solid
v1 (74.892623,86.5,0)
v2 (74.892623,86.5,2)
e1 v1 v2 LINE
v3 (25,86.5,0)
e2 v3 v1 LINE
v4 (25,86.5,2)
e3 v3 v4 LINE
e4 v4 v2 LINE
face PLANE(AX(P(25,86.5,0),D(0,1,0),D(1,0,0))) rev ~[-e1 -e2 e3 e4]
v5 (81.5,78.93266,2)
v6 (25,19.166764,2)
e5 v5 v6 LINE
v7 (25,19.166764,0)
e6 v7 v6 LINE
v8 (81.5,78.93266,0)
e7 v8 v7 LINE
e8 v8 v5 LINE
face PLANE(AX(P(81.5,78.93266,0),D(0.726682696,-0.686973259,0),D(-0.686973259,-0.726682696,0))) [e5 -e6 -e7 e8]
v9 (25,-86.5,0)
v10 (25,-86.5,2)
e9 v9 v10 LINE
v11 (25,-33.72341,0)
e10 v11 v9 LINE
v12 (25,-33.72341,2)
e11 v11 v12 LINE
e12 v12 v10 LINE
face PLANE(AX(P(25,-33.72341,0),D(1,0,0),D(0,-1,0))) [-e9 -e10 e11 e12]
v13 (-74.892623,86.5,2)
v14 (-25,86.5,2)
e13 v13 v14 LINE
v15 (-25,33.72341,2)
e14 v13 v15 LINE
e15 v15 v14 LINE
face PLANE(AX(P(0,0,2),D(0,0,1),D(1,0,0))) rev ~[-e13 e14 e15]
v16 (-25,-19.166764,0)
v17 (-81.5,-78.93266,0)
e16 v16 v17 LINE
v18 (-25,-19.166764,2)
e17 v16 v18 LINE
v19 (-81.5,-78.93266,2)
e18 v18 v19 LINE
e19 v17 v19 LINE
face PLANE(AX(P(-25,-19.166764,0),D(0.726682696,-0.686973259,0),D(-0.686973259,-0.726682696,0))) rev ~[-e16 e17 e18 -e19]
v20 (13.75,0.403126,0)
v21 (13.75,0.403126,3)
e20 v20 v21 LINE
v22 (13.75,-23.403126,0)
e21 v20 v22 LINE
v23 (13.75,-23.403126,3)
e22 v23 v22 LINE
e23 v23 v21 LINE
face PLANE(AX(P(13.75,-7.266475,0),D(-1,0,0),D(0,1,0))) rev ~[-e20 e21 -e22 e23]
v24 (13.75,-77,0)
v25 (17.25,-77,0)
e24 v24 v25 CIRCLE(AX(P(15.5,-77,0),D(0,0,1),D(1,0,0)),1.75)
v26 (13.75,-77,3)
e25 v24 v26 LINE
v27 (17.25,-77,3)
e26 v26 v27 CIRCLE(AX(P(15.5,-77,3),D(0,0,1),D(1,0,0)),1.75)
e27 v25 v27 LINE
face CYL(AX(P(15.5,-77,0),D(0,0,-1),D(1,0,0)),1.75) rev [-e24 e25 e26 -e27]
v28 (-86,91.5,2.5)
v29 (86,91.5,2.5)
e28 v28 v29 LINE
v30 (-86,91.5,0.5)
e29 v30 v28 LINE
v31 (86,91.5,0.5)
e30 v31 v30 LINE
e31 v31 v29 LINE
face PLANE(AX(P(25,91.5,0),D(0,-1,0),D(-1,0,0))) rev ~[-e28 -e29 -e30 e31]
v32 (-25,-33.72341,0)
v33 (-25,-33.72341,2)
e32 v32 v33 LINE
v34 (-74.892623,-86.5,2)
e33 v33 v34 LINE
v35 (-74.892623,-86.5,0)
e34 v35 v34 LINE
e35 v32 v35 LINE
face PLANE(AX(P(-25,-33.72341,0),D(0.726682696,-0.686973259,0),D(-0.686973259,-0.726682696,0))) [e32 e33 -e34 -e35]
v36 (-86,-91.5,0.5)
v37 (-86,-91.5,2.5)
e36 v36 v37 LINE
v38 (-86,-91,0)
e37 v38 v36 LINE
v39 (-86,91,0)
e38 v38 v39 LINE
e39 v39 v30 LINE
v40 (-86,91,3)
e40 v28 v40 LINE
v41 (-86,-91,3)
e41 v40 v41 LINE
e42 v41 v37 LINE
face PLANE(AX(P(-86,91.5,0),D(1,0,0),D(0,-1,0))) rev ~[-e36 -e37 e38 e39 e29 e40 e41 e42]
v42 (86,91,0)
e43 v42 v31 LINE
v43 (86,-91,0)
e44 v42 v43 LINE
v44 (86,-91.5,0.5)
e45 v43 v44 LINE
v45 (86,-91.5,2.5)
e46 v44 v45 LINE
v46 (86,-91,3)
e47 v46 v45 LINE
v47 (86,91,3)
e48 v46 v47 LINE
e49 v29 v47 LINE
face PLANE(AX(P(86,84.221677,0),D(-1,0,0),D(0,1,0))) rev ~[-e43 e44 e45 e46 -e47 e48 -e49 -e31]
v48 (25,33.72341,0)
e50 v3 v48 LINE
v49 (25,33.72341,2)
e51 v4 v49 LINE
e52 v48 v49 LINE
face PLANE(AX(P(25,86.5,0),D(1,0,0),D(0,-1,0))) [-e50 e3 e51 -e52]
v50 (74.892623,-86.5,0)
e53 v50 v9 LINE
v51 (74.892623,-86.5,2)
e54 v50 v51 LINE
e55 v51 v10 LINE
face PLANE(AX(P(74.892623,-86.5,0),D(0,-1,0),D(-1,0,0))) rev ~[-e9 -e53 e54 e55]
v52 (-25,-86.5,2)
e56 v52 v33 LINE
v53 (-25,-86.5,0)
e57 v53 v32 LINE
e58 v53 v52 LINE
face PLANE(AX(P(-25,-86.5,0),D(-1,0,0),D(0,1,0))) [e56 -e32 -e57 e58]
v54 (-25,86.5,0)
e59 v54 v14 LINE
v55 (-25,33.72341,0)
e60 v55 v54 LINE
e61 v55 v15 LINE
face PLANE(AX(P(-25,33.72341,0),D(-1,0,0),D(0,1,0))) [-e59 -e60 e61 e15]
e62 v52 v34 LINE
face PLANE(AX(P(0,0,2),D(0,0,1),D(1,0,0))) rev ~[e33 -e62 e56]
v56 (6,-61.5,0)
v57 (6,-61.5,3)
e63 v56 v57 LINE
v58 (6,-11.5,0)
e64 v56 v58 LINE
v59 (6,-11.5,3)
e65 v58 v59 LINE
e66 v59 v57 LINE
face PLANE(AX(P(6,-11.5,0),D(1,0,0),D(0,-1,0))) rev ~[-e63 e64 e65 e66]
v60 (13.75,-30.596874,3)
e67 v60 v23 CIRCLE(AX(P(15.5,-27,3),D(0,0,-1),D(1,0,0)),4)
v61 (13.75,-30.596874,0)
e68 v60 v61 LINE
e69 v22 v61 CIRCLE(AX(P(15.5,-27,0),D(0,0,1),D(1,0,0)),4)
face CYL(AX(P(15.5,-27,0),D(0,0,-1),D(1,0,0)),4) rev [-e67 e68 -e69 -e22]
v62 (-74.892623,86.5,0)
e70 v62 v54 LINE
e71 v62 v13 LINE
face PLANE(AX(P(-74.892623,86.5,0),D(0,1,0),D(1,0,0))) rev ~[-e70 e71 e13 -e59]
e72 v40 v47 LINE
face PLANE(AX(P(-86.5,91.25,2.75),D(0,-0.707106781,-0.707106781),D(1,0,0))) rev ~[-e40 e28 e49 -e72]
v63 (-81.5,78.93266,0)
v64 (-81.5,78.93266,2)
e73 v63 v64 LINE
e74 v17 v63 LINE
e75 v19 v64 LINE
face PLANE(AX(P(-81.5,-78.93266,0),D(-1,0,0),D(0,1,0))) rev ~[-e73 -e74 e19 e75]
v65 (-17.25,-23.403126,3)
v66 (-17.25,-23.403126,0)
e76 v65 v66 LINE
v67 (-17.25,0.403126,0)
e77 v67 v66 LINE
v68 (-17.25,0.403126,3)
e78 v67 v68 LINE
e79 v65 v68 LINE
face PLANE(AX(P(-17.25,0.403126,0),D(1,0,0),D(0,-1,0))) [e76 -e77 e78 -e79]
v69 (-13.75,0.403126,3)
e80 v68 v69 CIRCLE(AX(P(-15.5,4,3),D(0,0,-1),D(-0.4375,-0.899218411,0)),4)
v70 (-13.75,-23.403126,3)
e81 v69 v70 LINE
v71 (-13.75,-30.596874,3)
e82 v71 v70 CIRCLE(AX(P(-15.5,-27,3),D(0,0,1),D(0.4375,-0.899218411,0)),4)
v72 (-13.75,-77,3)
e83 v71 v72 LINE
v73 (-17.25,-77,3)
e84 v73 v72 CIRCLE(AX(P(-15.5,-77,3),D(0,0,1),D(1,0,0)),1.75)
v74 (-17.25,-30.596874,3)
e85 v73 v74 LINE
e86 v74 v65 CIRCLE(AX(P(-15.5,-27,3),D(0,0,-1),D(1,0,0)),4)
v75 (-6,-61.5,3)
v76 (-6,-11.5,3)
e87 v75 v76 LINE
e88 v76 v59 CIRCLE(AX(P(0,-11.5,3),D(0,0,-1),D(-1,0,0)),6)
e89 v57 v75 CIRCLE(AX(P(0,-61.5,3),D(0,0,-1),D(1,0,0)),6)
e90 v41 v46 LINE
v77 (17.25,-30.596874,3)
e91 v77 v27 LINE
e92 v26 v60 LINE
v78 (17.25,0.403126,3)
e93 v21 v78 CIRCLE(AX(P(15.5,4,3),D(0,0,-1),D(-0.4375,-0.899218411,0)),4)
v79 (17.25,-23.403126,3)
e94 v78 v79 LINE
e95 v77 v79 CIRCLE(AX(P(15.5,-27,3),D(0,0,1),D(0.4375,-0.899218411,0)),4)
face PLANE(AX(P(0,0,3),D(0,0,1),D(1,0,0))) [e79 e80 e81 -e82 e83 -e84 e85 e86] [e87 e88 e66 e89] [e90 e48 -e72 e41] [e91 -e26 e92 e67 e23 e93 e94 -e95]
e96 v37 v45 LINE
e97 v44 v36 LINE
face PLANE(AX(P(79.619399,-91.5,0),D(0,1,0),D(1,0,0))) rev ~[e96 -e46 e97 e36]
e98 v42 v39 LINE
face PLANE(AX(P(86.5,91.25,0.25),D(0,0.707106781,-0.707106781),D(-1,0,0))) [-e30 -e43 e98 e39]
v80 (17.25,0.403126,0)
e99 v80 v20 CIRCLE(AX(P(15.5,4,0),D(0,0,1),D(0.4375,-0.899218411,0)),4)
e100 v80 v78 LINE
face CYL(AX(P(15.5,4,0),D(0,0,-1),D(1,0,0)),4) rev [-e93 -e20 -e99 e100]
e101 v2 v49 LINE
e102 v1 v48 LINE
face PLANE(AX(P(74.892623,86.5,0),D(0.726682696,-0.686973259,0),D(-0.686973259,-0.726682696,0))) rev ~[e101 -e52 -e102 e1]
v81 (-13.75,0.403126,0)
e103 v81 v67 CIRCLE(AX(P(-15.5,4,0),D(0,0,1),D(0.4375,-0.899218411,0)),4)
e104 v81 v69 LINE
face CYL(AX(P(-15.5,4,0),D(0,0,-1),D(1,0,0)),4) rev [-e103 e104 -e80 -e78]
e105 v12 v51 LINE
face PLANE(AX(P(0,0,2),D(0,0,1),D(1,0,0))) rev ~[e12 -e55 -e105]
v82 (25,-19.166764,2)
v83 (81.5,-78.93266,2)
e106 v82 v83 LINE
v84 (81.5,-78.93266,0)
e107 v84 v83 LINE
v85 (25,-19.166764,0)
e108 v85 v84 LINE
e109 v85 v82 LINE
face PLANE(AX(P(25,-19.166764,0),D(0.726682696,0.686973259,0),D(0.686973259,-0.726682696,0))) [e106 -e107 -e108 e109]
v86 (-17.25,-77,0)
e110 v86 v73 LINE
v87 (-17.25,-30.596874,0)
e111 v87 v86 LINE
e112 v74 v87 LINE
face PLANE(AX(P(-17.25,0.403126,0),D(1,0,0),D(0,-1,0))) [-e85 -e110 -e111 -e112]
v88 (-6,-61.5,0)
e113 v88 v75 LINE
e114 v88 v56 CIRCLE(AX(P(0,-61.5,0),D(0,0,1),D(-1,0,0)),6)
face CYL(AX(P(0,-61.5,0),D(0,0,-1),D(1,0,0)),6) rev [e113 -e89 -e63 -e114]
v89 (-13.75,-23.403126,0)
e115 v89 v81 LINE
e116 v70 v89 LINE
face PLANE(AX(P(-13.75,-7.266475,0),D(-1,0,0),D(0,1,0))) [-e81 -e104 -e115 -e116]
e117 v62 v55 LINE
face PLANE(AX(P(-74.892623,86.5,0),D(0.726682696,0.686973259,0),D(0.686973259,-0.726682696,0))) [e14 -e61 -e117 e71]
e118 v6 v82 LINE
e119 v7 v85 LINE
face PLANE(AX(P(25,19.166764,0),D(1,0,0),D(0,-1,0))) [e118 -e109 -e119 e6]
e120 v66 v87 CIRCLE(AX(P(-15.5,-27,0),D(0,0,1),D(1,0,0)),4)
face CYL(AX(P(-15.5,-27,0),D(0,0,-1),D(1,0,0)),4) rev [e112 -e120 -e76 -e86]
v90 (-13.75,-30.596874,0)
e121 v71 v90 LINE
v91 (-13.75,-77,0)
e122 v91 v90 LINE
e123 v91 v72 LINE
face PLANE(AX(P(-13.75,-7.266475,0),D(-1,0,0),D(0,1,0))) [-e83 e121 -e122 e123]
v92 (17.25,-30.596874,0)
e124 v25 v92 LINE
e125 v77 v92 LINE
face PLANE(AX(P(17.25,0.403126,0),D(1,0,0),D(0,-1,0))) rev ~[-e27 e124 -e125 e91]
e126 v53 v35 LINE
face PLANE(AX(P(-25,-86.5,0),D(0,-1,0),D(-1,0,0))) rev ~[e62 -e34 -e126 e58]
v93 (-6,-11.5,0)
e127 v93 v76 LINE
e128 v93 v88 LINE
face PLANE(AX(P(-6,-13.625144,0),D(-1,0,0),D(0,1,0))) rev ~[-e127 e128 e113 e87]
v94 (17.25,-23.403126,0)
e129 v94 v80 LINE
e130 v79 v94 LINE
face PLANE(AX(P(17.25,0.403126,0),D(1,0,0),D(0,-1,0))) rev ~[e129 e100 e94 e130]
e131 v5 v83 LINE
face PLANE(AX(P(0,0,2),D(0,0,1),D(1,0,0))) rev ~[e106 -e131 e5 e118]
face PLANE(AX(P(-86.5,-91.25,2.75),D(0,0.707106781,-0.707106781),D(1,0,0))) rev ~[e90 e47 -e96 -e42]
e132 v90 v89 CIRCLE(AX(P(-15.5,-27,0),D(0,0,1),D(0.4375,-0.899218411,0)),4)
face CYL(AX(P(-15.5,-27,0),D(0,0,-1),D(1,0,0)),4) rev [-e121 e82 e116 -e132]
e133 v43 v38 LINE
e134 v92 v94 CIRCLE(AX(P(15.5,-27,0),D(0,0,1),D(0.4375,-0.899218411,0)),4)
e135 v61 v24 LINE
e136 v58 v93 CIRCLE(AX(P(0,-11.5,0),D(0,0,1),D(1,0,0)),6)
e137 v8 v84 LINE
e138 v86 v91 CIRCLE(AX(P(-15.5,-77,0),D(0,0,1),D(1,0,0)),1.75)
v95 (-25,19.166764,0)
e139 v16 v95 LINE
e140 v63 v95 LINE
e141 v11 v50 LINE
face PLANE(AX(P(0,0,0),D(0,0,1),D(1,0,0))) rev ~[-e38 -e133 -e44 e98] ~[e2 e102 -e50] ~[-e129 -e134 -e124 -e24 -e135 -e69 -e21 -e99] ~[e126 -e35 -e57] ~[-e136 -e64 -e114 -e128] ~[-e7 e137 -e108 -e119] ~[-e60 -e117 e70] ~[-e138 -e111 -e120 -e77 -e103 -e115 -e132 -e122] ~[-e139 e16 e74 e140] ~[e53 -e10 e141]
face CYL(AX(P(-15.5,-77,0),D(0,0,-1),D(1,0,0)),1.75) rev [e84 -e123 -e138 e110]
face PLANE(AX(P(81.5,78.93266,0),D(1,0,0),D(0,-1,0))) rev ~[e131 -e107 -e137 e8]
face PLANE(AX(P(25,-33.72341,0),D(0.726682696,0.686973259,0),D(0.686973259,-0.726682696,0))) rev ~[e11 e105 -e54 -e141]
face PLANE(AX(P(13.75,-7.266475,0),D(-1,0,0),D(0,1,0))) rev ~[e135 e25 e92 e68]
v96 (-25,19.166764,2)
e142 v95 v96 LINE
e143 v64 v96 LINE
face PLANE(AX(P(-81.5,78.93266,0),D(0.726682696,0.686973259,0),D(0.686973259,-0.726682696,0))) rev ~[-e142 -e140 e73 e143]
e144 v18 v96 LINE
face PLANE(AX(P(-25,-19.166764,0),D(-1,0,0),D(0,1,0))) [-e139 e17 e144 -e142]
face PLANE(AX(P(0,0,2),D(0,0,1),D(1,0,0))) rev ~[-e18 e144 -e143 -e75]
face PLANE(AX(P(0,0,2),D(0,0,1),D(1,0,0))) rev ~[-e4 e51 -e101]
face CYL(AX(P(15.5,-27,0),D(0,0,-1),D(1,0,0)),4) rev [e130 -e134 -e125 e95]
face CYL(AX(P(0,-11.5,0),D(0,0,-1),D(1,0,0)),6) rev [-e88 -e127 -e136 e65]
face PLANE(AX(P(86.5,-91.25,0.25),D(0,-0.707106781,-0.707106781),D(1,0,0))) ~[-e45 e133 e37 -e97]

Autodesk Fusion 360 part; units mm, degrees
sketch "Sketch1" plane through (0, 0, 0) normal (0, 0, 1) x (1, 0, 0)
  line L0 (86.5, 91.5) -> (-86.5, 91.5)
  line L1 (-86.5, 91.5) -> (-86.5, -91.5)
  line L2 (-86.5, -91.5) -> (86.5, -91.5)
  line L3 (86.5, -91.5) -> (86.5, 91.5)
  line L4 (86.5, 91.5) -> (-86.5, -91.5) construction
  line L5 (-86.5, 91.5) -> (86.5, -91.5) construction
  line L6 (0, -91.5) -> (0, -61.5)
  line L7 (15.5, -77) -> (-15.5, -77)
  line L8 (-15.5, -77) -> (-15.5, -46)
  line L9 (-15.5, -46) -> (15.5, -46)
  line L10 (15.5, -46) -> (15.5, -77)
  line L11 (15.5, -77) -> (-15.5, -46) construction
  line L12 (-15.5, -77) -> (15.5, -46) construction
  circle A0 centre (-15.5, -77) radius 1.75
  circle A1 centre (-15.5, -46) radius 1.75
  circle A2 centre (15.5, -46) radius 1.75
  circle A3 centre (15.5, -77) radius 1.75
  line L13 (0, -61.5) -> (0, -11.5)
  line L14 (15.5, -27) -> (-15.5, -27)
  line L15 (-15.5, -27) -> (-15.5, 4)
  line L16 (-15.5, 4) -> (15.5, 4)
  line L17 (15.5, 4) -> (15.5, -27)
  line L18 (15.5, -27) -> (-15.5, 4) construction
  line L19 (-15.5, -27) -> (15.5, 4) construction
  circle A4 centre (-15.5, 4) radius 1.75
  circle A5 centre (15.5, 4) radius 1.75
  circle A6 centre (15.5, -27) radius 1.75
  circle A7 centre (-15.5, -27) radius 1.75
  circle A8 centre (-15.5, 4) radius 4
  circle A9 centre (15.5, 4) radius 4
  circle A10 centre (0, -61.5) radius 6
  circle A11 centre (0, -11.5) radius 6
  line L20 (13.75, 4) -> (17.25, 4)
  line L21 (17.25, 4) -> (17.25, -77)
  line L22 (17.25, -77) -> (13.75, -77)
  line L23 (13.75, -77) -> (13.75, 4)
  line L24 (-13.75, 4) -> (-17.25, 4)
  line L25 (-17.25, 4) -> (-17.25, -77)
  line L26 (-17.25, -77) -> (-13.75, -77)
  line L27 (-13.75, -77) -> (-13.75, 4)
  line L28 (-6, -11.5) -> (6, -11.5)
  line L29 (6, -11.5) -> (6, -61.5)
  line L30 (6, -61.5) -> (-6, -61.5)
  line L31 (-6, -61.5) -> (-6, -11.5)
  line L32 (25, -91.5) -> (-25, -91.5)
  line L33 (-25, -91.5) -> (-25, 91.5)
  line L34 (-25, 91.5) -> (25, 91.5)
  line L35 (25, 91.5) -> (25, -91.5)
  line L36 (25, -91.5) -> (-25, 91.5) construction
  line L37 (-25, -91.5) -> (25, 91.5) construction
  line L38 (-86.5, -91.5) -> (86.5, 91.5)
  line L39 (86.5, 91.5) -> (82.8666, 94.9349)
  line L40 (82.8666, 94.9349) -> (-90.1334, -88.0651)
  line L41 (-90.1334, -88.0651) -> (-86.5, -91.5)
  line L42 (-86.5, -91.5) -> (86.5, 91.5)
  line L43 (86.5, 91.5) -> (90.1334, 88.0651)
  line L44 (90.1334, 88.0651) -> (-82.8666, -94.9349)
  line L45 (-82.8666, -94.9349) -> (-86.5, -91.5)
  line L46 (86.5, -91.5) -> (-86.5, 91.5)
  line L47 (-86.5, 91.5) -> (-82.8666, 94.9349)
  line L48 (-82.8666, 94.9349) -> (90.1334, -88.0651)
  line L49 (90.1334, -88.0651) -> (86.5, -91.5)
  line L50 (86.5, -91.5) -> (-86.5, 91.5)
  line L51 (-86.5, 91.5) -> (-90.1334, 88.0651)
  line L52 (-90.1334, 88.0651) -> (82.8666, -94.9349)
  line L53 (82.8666, -94.9349) -> (86.5, -91.5)
  line L54 (81.5, -86.5) -> (-81.5, -86.5)
  line L55 (-81.5, -86.5) -> (-81.5, 86.5)
  line L56 (-81.5, 86.5) -> (81.5, 86.5)
  line L57 (81.5, 86.5) -> (81.5, -86.5)
  line L58 (81.5, -86.5) -> (-81.5, 86.5) construction
  line L59 (-81.5, -86.5) -> (81.5, 86.5) construction
  circle A12 centre (-15.5, -27) radius 4
  circle A13 centre (15.5, -27) radius 4
  point P0 (0, -91.5)
  point P1 (0, -61.5)
  point P2 (0, -11.5)
  dimension "d1" = 173
  dimension "d2" = 183
  dimension "d3" = 30
  dimension "d4" = 31
  dimension "d5" = 31
  dimension "d6" = 3.5
  dimension "d7" = 3.5
  dimension "d8" = 3.5
  dimension "d9" = 3.5
  dimension "d10" = 50
  dimension "d11" = 31
  dimension "d12" = 31
  dimension "d13" = 3.5
  dimension "d14" = 3.5
  dimension "d15" = 3.5
  dimension "d16" = 3.5
  dimension "d17" = 8
  dimension "d18" = 8
  dimension "d19" = 12
  dimension "d20" = 12
  dimension "d21" = 3.5
  dimension "d22" = 3.5
  dimension "d31" = 50
  dimension "d32" = 5
  dimension "d33" = 5
  dimension "d34" = 5
  dimension "d35" = 5
  dimension "d36" = 163
  dimension "d37" = 173
  dimension "d42" = 8
  dimension "d43" = 8
extrude "Extrude1" add sketch "Sketch1" along normal blind 3 contours L0 L33 L34 L35 L56 | L0 L35 L40 L56 | L0 L33 L48 L56 | L0 L38 L40 L42 L56 L57 | L35 L40 L56 | L33 L35 L40 L48 L56 | L0 L46 L48 L50 L55 L56 | L33 L48 L56 | L3 L38 L42 L44 L57 | L35 L38 L40 L42 L56 L57 | L16 L35 L38 L40 L42 L48 | L1 L46 L50 L52 L55 | L33 L46 L48 L50 L55 L56 | L16 L33 L40 L46 L48 L50 | L3 L44 L48 L57 | L35 L38 L42 L44 L57 | L16 A9 L35 L38 L42 L44 | L16 L40 L48 | L1 L40 L52 L55 | L33 L46 L50 L52 L55 | L16 A8 L33 L46 L50 L52 | L3 L46 L48 L50 L57 | L35 L44 L48 L57 | A9 L21 L35 L44 L48 | L16 L38 L42 L48 | L16 L38 L42 L44 L48 | L16 L40 L46 L50 | L16 L38 L40 L42 L46 L48 L50 | L1 L38 L40 L42 L55 | L33 L40 L52 L55 | A8 L25 L33 L40 L52 | L16 L40 L46 L50 L52 | L2 L46 L50 L52 L54 L57 | L35 L46 L48 L50 L57 | L21 L35 L46 L48 L50 | L16 A9 L44 | L16 A9 L23 L44 L48 | L38 L42 L44 L46 L48 L50 | L38 L40 L42 L46 L50 L52 | L2 L38 L42 L44 L54 L55 | L33 L38 L40 L42 L55 | L25 L33 L38 L40 L42 | L16 A8 L27 L40 L52 | L16 A8 L52 | L2 L35 L52 L54 | L35 L46 L50 L52 L54 L57 | L21 L35 L46 L50 L52 A13 | L23 L44 L46 L48 L50 | A11 L38 L42 L44 L46 L50 L52 | L27 L38 L40 L42 L52 | L2 L33 L44 L54 | L33 L38 L42 L44 L54 L55 | L25 L33 L38 L42 L44 A12 | L2 L6 L32 L35 L54 | L35 L52 L54 | L6 L7 A3 L21 L35 L52 L54 A13 | A11 L23 L29 L44 L46 L50 L52 | A11 L27 L31 L38 L42 L44 L52 | L2 L6 L32 L33 L54 | L33 L44 L54 | L6 L7 A0 L25 L33 L44 L54 A12 | L21 L52 A13 | L21 L52 A13 | L25 L44 A12 | L25 L44 A12 | L14 L23 L29 L52 A13 | L14 L27 L31 L44 A12 | L6 L7 L9 A10 L27 L31 | L6 L7 L9 A10 L23 L29 | L14 L23 A13 | L9 L14 L23 L29 A13 | L14 L23 A13 | L14 L27 A12 | L9 L14 L27 L31 A12 | L14 L27 A12
chamfer "Chamfer1" distance 0.5 angle 45 2 edges at (0, -91.5, 3) (0, -91.5, 0)
chamfer "Chamfer2" distance 0.5 angle 45 2 edges at (0, 91.5, 3) (0, 91.5, 0)
extrude "Extrude2" cut 1 faces at (86.5, 30.3333, 2) along direction (-1, 0, 0) blind 0.5
extrude "Extrude3" cut 1 faces at (-86.5, -30.3333, 2) along direction (1, 0, 0) blind 0.5
extrude "Extrude5" cut sketch "Sketch1" along normal blind 2 contours L35 L40 L56 | L33 L48 L56 | L35 L44 L48 L57 | L33 L40 L52 L55 | L35 L52 L54 | L33 L44 L54
extrude "Extrude6" cut sketch "Sketch1" along normal blind 3 contours L21 L52 A13 | L21 L52 A13 | L17 L21 L52 A13 | L25 L44 A12 | L25 L44 A12 | L15 L25 L44 A12 | L17 A6 L21 L52 | A6 L21 L23 A13 | L17 L52 A13 | L15 A7 L25 L44 | A7 L25 L27 A12 | L15 L44 A12 | L14 L17 A6 | L17 A6 L23 L52 A13 | L14 L23 A13 | L14 L23 A13 | L14 L27 A12 | L15 A7 L27 L44 A12 | L14 L15 A7 | L14 L27 A12 | L14 L17 A6 | L14 L15 A7
equation "d36 = 173.000 mm - 10 mm"
equation "d37 = 183.000 mm - 10 mm"
